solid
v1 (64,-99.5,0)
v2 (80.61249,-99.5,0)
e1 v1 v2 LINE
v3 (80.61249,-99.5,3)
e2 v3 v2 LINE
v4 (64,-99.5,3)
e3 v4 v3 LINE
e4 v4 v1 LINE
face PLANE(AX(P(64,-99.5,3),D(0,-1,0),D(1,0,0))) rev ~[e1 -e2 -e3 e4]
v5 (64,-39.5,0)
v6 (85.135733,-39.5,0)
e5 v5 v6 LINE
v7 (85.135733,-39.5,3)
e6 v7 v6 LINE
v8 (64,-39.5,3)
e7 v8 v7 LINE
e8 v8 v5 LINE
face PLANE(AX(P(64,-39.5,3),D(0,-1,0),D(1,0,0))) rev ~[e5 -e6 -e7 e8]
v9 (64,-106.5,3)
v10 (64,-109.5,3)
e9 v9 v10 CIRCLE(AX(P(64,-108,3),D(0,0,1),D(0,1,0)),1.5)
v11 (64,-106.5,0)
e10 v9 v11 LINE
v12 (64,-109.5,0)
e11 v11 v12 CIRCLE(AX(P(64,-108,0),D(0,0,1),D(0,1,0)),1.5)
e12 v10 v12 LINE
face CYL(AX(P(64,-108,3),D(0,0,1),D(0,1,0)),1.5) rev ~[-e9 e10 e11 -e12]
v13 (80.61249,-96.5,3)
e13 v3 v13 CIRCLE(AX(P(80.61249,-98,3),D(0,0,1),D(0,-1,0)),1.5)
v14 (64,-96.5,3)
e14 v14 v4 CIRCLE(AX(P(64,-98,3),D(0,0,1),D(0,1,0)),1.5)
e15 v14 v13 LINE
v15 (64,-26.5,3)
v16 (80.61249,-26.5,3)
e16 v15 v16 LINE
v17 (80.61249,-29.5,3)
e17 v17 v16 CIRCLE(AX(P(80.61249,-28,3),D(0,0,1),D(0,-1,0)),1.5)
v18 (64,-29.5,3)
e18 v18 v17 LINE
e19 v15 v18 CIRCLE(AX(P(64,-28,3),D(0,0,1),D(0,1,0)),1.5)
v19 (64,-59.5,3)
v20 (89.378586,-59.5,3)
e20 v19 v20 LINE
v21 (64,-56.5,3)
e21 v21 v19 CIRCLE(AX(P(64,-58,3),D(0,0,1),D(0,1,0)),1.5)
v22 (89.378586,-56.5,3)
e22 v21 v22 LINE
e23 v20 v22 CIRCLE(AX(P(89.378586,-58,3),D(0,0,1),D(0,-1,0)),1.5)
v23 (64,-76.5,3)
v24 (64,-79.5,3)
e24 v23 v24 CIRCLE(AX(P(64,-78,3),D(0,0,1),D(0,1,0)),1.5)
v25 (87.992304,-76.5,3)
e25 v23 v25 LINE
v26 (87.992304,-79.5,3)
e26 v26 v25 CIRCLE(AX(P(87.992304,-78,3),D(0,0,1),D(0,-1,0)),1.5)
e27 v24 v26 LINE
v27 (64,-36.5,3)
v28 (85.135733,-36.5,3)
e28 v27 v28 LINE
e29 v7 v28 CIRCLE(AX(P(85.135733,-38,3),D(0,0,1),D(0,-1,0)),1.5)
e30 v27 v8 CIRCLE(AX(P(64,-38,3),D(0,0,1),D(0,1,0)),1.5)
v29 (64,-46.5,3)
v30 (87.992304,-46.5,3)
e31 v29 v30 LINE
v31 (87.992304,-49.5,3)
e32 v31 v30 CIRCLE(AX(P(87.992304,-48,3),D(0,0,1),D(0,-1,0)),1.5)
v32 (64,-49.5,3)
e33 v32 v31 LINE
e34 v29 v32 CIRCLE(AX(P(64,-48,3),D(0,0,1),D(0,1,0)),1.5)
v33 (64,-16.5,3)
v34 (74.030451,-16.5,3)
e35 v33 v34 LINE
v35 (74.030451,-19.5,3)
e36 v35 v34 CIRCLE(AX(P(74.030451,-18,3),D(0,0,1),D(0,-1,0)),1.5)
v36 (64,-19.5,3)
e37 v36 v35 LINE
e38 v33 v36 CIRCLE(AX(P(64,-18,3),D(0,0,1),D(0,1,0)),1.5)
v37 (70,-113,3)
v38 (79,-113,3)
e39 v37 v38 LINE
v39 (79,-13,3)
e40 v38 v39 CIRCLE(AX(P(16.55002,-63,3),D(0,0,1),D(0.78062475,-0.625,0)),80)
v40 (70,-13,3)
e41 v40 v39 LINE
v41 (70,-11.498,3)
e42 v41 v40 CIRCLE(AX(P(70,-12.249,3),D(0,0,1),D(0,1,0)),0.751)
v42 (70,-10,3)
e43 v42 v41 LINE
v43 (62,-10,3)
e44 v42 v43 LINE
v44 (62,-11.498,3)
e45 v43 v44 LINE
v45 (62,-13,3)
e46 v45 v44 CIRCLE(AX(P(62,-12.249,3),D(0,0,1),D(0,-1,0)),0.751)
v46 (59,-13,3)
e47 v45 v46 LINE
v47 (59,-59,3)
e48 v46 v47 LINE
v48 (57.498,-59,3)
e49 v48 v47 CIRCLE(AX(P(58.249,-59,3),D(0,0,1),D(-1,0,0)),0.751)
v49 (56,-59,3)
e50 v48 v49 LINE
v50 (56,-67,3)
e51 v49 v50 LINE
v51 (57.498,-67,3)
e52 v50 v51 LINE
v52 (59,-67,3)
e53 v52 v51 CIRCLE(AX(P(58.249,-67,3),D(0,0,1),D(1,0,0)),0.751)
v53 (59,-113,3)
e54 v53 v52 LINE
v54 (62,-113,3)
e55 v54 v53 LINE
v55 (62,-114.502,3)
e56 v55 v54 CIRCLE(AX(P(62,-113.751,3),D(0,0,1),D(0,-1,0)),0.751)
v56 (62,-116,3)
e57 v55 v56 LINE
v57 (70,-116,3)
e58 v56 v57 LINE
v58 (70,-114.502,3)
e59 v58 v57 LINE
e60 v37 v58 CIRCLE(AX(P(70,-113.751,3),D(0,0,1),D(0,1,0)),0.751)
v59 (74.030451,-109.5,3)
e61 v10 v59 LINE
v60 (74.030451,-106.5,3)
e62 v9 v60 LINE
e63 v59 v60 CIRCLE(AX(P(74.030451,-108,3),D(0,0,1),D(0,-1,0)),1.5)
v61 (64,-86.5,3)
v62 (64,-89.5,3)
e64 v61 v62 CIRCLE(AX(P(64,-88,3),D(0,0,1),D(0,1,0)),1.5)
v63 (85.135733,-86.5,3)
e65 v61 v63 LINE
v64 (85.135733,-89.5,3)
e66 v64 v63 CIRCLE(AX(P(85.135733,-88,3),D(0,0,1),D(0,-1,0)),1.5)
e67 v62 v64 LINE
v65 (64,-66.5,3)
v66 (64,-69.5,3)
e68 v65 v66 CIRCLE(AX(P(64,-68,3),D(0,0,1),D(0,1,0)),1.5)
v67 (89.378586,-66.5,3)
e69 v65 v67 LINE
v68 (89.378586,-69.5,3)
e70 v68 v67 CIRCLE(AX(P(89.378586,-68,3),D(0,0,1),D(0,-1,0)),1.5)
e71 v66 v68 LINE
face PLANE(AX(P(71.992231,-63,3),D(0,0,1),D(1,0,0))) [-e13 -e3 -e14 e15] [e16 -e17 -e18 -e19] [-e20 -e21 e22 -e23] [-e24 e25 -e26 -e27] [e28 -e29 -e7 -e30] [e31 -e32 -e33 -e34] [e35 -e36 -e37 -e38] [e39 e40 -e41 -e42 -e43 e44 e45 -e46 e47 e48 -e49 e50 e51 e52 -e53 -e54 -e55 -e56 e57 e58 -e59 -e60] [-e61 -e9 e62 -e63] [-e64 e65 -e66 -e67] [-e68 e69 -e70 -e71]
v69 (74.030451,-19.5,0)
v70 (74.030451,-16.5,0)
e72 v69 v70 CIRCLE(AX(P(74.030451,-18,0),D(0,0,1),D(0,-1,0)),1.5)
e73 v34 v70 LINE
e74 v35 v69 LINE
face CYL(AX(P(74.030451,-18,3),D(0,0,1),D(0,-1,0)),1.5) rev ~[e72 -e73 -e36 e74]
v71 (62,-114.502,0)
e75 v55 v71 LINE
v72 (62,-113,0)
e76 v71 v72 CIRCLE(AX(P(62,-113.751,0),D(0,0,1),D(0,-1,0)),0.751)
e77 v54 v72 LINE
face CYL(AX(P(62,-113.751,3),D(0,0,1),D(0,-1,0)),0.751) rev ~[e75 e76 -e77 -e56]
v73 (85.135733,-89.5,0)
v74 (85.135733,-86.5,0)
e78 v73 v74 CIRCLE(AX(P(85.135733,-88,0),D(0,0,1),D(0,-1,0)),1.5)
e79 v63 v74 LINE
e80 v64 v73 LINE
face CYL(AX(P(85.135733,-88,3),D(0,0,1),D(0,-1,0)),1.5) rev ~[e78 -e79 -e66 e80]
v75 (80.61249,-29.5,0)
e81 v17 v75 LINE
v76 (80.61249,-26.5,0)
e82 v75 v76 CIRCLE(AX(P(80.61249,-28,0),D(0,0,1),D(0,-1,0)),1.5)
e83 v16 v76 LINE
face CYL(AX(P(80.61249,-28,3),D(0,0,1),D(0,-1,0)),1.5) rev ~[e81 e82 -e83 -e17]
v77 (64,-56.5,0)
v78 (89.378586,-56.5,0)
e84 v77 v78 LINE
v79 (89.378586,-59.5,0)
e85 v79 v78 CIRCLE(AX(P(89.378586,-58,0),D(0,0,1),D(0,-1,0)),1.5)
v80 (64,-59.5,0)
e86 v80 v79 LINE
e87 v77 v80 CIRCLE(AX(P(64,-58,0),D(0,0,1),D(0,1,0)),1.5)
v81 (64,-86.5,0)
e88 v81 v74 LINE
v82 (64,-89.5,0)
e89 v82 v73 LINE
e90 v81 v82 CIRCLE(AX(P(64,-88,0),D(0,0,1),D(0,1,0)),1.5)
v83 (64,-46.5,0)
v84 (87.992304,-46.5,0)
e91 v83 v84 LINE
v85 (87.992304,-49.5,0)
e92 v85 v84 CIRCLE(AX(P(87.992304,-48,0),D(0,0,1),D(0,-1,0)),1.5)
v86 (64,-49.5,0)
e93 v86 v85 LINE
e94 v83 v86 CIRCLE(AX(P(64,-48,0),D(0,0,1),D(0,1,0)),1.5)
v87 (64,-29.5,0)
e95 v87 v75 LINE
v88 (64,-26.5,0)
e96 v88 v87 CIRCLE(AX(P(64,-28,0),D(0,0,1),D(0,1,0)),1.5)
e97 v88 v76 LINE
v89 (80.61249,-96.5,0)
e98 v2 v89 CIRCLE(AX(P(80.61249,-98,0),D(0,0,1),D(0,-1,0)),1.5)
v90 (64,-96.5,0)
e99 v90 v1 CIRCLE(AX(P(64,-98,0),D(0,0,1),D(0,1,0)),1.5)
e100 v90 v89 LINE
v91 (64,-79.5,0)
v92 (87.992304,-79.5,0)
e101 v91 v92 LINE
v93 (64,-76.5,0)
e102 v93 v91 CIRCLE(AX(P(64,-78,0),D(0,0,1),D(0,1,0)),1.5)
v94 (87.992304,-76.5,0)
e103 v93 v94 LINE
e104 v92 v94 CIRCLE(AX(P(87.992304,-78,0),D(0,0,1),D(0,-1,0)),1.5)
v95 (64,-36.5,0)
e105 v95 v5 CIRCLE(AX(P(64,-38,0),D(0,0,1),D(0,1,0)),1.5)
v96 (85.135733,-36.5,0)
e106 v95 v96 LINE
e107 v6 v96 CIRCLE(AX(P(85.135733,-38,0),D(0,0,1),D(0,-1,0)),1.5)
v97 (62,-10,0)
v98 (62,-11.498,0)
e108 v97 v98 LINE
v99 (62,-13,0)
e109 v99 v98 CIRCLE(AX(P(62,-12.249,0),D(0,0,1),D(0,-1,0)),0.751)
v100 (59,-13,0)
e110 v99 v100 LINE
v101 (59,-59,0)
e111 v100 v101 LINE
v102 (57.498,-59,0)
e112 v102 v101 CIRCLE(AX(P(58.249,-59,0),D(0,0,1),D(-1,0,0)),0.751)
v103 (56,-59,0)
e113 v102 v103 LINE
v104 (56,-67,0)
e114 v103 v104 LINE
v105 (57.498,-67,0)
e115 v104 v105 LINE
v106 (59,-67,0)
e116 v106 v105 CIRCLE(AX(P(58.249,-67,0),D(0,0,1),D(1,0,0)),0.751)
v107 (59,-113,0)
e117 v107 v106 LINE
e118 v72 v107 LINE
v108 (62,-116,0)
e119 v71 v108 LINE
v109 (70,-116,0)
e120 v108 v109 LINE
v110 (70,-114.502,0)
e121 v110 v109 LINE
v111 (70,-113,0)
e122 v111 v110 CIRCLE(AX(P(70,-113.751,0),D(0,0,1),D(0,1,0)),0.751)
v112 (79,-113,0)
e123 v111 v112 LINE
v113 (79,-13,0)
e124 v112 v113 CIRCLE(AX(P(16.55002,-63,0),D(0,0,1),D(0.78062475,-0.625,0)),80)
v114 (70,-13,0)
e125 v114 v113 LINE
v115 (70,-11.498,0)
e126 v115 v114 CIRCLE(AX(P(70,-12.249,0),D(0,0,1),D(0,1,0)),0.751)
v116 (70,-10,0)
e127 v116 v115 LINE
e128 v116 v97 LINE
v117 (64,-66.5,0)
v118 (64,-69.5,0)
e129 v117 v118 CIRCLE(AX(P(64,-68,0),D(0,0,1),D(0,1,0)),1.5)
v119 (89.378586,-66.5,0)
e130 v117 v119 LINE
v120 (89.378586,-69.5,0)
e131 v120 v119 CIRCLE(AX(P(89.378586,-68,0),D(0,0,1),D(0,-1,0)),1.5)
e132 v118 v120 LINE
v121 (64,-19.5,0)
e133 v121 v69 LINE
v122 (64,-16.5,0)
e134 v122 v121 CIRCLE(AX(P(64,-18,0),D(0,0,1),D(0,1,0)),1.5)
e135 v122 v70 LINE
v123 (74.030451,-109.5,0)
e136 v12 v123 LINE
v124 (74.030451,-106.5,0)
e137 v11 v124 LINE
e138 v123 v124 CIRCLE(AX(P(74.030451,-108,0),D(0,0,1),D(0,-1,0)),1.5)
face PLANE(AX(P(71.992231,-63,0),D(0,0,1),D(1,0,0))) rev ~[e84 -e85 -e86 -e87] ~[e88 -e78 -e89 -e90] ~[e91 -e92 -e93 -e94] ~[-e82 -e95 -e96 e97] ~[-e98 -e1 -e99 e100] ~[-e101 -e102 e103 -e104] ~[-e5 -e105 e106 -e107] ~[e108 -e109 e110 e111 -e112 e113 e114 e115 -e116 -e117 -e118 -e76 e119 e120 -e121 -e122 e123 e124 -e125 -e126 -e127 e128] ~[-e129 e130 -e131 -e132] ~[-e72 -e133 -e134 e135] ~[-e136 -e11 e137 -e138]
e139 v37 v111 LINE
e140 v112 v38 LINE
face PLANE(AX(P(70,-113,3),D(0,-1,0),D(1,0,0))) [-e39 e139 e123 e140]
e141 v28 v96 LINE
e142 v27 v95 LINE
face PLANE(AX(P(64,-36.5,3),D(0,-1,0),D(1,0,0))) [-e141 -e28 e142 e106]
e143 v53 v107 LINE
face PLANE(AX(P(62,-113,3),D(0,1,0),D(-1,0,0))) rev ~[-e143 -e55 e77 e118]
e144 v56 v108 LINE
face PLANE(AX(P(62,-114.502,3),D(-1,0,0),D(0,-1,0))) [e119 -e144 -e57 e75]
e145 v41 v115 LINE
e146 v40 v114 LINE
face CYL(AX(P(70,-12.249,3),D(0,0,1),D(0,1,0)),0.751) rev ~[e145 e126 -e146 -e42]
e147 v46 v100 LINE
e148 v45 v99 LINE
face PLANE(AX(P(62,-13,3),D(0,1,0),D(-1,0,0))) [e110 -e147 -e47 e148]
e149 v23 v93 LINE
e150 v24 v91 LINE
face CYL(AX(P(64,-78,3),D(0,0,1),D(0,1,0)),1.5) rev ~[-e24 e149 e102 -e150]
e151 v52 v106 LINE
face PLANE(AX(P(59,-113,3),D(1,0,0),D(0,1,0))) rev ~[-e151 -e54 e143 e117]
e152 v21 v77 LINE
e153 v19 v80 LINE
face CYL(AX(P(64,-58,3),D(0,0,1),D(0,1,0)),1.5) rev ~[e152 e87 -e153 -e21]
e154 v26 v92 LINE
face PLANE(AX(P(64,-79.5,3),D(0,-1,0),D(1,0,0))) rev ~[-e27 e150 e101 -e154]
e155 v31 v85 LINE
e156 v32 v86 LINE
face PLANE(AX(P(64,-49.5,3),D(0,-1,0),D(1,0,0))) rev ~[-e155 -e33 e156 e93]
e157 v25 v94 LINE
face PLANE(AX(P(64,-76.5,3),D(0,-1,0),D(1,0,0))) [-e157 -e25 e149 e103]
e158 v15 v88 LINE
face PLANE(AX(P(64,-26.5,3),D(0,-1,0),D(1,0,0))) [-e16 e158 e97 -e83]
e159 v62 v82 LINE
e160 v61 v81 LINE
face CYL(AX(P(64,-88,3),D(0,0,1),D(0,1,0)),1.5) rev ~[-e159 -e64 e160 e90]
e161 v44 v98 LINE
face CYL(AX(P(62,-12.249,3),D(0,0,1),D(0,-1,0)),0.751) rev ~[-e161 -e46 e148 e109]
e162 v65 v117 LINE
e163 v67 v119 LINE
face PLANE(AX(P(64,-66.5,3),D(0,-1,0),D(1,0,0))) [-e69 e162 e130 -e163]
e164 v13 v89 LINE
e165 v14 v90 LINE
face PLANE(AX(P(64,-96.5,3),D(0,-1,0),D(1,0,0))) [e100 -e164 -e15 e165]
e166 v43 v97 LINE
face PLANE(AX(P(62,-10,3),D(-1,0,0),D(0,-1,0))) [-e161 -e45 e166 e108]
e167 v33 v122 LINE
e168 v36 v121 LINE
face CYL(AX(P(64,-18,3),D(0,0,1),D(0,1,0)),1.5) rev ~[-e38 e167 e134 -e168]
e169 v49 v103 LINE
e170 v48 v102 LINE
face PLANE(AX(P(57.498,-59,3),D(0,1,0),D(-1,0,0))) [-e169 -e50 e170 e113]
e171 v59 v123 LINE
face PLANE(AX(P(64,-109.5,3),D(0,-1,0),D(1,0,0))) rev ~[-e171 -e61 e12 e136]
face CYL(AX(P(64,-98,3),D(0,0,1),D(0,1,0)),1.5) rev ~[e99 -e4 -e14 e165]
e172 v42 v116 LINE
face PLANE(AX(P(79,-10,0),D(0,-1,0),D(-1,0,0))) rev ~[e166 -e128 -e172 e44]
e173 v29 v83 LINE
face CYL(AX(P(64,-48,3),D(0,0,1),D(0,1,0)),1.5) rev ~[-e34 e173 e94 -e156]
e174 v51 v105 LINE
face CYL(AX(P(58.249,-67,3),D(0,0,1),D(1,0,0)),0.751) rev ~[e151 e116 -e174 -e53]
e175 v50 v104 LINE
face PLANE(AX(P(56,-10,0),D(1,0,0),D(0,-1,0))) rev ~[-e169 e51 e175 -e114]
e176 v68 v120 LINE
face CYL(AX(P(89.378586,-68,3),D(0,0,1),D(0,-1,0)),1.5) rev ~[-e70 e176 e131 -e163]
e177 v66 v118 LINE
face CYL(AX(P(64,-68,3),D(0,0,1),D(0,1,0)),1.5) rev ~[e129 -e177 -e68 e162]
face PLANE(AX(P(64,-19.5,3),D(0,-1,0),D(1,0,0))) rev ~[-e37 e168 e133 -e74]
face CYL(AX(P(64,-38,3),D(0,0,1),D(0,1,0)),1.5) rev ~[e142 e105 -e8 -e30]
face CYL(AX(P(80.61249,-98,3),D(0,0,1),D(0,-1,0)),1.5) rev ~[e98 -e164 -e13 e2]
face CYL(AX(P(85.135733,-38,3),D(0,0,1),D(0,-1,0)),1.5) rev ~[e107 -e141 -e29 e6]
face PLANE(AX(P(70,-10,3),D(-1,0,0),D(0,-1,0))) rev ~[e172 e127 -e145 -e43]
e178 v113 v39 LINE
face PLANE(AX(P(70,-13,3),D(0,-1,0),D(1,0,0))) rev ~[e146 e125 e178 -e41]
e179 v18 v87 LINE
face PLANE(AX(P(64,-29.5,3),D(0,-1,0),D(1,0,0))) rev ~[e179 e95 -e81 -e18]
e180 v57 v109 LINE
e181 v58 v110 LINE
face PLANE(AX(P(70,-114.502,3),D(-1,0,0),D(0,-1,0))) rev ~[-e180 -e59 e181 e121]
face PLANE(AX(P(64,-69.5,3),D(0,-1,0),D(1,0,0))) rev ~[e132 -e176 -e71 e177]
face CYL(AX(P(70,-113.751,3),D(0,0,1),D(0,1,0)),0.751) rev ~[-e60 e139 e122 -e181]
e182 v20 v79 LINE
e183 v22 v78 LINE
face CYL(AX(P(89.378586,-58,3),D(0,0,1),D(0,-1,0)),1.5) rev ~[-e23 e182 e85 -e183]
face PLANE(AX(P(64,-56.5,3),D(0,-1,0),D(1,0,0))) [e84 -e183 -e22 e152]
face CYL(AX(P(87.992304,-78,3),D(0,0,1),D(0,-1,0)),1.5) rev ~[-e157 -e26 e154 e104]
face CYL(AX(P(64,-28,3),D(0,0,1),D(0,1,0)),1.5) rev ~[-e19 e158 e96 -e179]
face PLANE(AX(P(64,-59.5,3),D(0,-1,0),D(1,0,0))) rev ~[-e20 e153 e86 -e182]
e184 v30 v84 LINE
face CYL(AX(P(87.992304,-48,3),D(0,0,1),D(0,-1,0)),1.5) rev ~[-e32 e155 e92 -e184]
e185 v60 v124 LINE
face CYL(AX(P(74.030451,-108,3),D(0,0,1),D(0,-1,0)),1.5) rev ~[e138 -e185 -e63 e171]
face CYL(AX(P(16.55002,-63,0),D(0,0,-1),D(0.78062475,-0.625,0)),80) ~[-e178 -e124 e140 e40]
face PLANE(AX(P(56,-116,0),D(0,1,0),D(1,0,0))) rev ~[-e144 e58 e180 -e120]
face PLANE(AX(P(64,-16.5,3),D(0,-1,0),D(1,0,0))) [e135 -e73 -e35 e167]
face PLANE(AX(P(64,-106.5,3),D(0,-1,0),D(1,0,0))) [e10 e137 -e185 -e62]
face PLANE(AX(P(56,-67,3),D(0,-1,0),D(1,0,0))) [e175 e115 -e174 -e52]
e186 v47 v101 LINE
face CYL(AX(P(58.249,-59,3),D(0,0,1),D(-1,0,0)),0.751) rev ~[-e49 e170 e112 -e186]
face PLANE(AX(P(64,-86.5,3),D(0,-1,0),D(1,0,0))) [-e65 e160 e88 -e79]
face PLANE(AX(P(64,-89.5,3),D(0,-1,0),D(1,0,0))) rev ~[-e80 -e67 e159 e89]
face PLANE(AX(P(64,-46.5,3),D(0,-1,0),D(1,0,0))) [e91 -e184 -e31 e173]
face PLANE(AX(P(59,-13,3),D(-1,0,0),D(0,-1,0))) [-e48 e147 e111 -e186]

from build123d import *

# Parameters (mm, degrees)
PAD002_DEPTH       = 3
POCKET004_DEPTH    = 3.001
POCKET003006_DEPTH = 3.001


with BuildPart() as part:
    # Sketch006 → Pad002 (new body)
    with BuildSketch(Plane.XY):
        with BuildLine():
            Line((79, -10), (56, -10))
            Line((56, -10), (56, -116))
            Line((56, -116), (79, -116))
            Line((79, -116), (79, -113))
            ThreePointArc((79, -113), (96.55002, -63), (79, -13))
            Line((79, -10), (79, -13))
        make_face()
    extrude(amount=PAD002_DEPTH)

    # Sketch007 → Pocket004 (cut, through all)
    with BuildSketch(Plane.XY.offset(3)):
        with BuildLine():
            Line((79, -10), (70, -10))
            Line((70, -10), (70, -11.498))
            ThreePointArc((70, -11.498), (69.249, -12.249), (70, -13))
            Line((70, -13), (79, -13))
            Line((79, -13), (79, -10))
        make_face()
        with BuildLine():
            Line((62, -13), (59, -13))
            Line((59, -13), (59, -59))
            ThreePointArc((57.498, -59), (58.249, -59.751), (59, -59))
            Line((57.498, -59), (56, -59))
            Line((56, -10), (56, -59))
            Line((62, -10), (56, -10))
            Line((62, -10), (62, -11.498))
            ThreePointArc((62, -13), (62.751, -12.249), (62, -11.498))
        make_face()
        with BuildLine():
            Line((79, -116), (70, -116))
            Line((70, -114.502), (70, -116))
            ThreePointArc((70, -113), (69.249, -113.751), (70, -114.502))
            Line((70, -113), (79, -113))
            Line((79, -113), (79, -116))
        make_face()
        with BuildLine():
            Line((62, -113), (59, -113))
            Line((59, -113), (59, -67))
            ThreePointArc((59, -67), (58.249, -66.249), (57.498, -67))
            Line((56, -67), (57.498, -67))
            Line((56, -67), (56, -116))
            Line((56, -116), (62, -116))
            Line((62, -114.502), (62, -116))
            ThreePointArc((62, -114.502), (62.751, -113.751), (62, -113))
        make_face()
    extrude(amount=-POCKET004_DEPTH, mode=Mode.SUBTRACT)

    # Sketch001006 → Pocket003006 (cut, through all)
    with BuildSketch(Plane.XY.offset(3)):
        with BuildLine():
            Line((64, -109.5), (74.030451, -109.5))
            ThreePointArc((74.030451, -109.5), (75.530451, -108), (74.030451, -106.5))
            Line((64, -106.5), (74.030451, -106.5))
            ThreePointArc((64, -106.5), (62.5, -108), (64, -109.5))
        make_face()
        with BuildLine():
            Line((64, -96.5), (80.61249, -96.5))
            ThreePointArc((80.61249, -99.5), (82.11249, -98), (80.61249, -96.5))
            Line((64, -99.5), (80.61249, -99.5))
            ThreePointArc((64, -96.5), (62.5, -98), (64, -99.5))
        make_face()
        with BuildLine():
            Line((64, -86.5), (85.135733, -86.5))
            ThreePointArc((85.135733, -89.5), (86.635733, -88), (85.135733, -86.5))
            Line((64, -89.5), (85.135733, -89.5))
            ThreePointArc((64, -86.5), (62.5, -88), (64, -89.5))
        make_face()
        with BuildLine():
            Line((64, -76.5), (87.992304, -76.5))
            ThreePointArc((87.992304, -79.5), (89.492304, -78), (87.992304, -76.5))
            Line((64, -79.5), (87.992304, -79.5))
            ThreePointArc((64, -76.5), (62.5, -78), (64, -79.5))
        make_face()
        with BuildLine():
            Line((64, -69.5), (89.378586, -69.5))
            ThreePointArc((89.378586, -69.5), (90.878586, -68), (89.378586, -66.5))
            Line((64, -66.5), (89.378586, -66.5))
            ThreePointArc((64, -66.5), (62.5, -68), (64, -69.5))
        make_face()
        with BuildLine():
            Line((64, -59.5), (89.378586, -59.5))
            ThreePointArc((89.378586, -59.5), (90.878586, -58), (89.378586, -56.5))
            Line((64, -56.5), (89.378586, -56.5))
            ThreePointArc((64, -56.5), (62.5, -58), (64, -59.5))
        make_face()
        with BuildLine():
            Line((64, -49.5), (87.992304, -49.5))
            ThreePointArc((87.992304, -49.5), (89.492304, -48), (87.992304, -46.5))
            Line((64, -46.5), (87.992304, -46.5))
            ThreePointArc((64, -46.5), (62.5, -48), (64, -49.5))
        make_face()
        with BuildLine():
            Line((64, -39.5), (85.135733, -39.5))
            ThreePointArc((85.135733, -39.5), (86.635733, -38), (85.135733, -36.5))
            Line((64, -36.5), (85.135733, -36.5))
            ThreePointArc((64, -36.5), (62.5, -38), (64, -39.5))
        make_face()
        with BuildLine():
            Line((64, -26.5), (80.61249, -26.5))
            ThreePointArc((80.61249, -29.5), (82.11249, -28), (80.61249, -26.5))
            Line((64, -29.5), (80.61249, -29.5))
            ThreePointArc((64, -26.5), (62.5, -28), (64, -29.5))
        make_face()
        with BuildLine():
            Line((64, -16.5), (74.030451, -16.5))
            ThreePointArc((74.030451, -19.5), (75.530451, -18), (74.030451, -16.5))
            Line((64, -19.5), (74.030451, -19.5))
            ThreePointArc((64, -16.5), (62.5, -18), (64, -19.5))
        make_face()
    extrude(amount=-POCKET003006_DEPTH, mode=Mode.SUBTRACT)


solid = part.part
